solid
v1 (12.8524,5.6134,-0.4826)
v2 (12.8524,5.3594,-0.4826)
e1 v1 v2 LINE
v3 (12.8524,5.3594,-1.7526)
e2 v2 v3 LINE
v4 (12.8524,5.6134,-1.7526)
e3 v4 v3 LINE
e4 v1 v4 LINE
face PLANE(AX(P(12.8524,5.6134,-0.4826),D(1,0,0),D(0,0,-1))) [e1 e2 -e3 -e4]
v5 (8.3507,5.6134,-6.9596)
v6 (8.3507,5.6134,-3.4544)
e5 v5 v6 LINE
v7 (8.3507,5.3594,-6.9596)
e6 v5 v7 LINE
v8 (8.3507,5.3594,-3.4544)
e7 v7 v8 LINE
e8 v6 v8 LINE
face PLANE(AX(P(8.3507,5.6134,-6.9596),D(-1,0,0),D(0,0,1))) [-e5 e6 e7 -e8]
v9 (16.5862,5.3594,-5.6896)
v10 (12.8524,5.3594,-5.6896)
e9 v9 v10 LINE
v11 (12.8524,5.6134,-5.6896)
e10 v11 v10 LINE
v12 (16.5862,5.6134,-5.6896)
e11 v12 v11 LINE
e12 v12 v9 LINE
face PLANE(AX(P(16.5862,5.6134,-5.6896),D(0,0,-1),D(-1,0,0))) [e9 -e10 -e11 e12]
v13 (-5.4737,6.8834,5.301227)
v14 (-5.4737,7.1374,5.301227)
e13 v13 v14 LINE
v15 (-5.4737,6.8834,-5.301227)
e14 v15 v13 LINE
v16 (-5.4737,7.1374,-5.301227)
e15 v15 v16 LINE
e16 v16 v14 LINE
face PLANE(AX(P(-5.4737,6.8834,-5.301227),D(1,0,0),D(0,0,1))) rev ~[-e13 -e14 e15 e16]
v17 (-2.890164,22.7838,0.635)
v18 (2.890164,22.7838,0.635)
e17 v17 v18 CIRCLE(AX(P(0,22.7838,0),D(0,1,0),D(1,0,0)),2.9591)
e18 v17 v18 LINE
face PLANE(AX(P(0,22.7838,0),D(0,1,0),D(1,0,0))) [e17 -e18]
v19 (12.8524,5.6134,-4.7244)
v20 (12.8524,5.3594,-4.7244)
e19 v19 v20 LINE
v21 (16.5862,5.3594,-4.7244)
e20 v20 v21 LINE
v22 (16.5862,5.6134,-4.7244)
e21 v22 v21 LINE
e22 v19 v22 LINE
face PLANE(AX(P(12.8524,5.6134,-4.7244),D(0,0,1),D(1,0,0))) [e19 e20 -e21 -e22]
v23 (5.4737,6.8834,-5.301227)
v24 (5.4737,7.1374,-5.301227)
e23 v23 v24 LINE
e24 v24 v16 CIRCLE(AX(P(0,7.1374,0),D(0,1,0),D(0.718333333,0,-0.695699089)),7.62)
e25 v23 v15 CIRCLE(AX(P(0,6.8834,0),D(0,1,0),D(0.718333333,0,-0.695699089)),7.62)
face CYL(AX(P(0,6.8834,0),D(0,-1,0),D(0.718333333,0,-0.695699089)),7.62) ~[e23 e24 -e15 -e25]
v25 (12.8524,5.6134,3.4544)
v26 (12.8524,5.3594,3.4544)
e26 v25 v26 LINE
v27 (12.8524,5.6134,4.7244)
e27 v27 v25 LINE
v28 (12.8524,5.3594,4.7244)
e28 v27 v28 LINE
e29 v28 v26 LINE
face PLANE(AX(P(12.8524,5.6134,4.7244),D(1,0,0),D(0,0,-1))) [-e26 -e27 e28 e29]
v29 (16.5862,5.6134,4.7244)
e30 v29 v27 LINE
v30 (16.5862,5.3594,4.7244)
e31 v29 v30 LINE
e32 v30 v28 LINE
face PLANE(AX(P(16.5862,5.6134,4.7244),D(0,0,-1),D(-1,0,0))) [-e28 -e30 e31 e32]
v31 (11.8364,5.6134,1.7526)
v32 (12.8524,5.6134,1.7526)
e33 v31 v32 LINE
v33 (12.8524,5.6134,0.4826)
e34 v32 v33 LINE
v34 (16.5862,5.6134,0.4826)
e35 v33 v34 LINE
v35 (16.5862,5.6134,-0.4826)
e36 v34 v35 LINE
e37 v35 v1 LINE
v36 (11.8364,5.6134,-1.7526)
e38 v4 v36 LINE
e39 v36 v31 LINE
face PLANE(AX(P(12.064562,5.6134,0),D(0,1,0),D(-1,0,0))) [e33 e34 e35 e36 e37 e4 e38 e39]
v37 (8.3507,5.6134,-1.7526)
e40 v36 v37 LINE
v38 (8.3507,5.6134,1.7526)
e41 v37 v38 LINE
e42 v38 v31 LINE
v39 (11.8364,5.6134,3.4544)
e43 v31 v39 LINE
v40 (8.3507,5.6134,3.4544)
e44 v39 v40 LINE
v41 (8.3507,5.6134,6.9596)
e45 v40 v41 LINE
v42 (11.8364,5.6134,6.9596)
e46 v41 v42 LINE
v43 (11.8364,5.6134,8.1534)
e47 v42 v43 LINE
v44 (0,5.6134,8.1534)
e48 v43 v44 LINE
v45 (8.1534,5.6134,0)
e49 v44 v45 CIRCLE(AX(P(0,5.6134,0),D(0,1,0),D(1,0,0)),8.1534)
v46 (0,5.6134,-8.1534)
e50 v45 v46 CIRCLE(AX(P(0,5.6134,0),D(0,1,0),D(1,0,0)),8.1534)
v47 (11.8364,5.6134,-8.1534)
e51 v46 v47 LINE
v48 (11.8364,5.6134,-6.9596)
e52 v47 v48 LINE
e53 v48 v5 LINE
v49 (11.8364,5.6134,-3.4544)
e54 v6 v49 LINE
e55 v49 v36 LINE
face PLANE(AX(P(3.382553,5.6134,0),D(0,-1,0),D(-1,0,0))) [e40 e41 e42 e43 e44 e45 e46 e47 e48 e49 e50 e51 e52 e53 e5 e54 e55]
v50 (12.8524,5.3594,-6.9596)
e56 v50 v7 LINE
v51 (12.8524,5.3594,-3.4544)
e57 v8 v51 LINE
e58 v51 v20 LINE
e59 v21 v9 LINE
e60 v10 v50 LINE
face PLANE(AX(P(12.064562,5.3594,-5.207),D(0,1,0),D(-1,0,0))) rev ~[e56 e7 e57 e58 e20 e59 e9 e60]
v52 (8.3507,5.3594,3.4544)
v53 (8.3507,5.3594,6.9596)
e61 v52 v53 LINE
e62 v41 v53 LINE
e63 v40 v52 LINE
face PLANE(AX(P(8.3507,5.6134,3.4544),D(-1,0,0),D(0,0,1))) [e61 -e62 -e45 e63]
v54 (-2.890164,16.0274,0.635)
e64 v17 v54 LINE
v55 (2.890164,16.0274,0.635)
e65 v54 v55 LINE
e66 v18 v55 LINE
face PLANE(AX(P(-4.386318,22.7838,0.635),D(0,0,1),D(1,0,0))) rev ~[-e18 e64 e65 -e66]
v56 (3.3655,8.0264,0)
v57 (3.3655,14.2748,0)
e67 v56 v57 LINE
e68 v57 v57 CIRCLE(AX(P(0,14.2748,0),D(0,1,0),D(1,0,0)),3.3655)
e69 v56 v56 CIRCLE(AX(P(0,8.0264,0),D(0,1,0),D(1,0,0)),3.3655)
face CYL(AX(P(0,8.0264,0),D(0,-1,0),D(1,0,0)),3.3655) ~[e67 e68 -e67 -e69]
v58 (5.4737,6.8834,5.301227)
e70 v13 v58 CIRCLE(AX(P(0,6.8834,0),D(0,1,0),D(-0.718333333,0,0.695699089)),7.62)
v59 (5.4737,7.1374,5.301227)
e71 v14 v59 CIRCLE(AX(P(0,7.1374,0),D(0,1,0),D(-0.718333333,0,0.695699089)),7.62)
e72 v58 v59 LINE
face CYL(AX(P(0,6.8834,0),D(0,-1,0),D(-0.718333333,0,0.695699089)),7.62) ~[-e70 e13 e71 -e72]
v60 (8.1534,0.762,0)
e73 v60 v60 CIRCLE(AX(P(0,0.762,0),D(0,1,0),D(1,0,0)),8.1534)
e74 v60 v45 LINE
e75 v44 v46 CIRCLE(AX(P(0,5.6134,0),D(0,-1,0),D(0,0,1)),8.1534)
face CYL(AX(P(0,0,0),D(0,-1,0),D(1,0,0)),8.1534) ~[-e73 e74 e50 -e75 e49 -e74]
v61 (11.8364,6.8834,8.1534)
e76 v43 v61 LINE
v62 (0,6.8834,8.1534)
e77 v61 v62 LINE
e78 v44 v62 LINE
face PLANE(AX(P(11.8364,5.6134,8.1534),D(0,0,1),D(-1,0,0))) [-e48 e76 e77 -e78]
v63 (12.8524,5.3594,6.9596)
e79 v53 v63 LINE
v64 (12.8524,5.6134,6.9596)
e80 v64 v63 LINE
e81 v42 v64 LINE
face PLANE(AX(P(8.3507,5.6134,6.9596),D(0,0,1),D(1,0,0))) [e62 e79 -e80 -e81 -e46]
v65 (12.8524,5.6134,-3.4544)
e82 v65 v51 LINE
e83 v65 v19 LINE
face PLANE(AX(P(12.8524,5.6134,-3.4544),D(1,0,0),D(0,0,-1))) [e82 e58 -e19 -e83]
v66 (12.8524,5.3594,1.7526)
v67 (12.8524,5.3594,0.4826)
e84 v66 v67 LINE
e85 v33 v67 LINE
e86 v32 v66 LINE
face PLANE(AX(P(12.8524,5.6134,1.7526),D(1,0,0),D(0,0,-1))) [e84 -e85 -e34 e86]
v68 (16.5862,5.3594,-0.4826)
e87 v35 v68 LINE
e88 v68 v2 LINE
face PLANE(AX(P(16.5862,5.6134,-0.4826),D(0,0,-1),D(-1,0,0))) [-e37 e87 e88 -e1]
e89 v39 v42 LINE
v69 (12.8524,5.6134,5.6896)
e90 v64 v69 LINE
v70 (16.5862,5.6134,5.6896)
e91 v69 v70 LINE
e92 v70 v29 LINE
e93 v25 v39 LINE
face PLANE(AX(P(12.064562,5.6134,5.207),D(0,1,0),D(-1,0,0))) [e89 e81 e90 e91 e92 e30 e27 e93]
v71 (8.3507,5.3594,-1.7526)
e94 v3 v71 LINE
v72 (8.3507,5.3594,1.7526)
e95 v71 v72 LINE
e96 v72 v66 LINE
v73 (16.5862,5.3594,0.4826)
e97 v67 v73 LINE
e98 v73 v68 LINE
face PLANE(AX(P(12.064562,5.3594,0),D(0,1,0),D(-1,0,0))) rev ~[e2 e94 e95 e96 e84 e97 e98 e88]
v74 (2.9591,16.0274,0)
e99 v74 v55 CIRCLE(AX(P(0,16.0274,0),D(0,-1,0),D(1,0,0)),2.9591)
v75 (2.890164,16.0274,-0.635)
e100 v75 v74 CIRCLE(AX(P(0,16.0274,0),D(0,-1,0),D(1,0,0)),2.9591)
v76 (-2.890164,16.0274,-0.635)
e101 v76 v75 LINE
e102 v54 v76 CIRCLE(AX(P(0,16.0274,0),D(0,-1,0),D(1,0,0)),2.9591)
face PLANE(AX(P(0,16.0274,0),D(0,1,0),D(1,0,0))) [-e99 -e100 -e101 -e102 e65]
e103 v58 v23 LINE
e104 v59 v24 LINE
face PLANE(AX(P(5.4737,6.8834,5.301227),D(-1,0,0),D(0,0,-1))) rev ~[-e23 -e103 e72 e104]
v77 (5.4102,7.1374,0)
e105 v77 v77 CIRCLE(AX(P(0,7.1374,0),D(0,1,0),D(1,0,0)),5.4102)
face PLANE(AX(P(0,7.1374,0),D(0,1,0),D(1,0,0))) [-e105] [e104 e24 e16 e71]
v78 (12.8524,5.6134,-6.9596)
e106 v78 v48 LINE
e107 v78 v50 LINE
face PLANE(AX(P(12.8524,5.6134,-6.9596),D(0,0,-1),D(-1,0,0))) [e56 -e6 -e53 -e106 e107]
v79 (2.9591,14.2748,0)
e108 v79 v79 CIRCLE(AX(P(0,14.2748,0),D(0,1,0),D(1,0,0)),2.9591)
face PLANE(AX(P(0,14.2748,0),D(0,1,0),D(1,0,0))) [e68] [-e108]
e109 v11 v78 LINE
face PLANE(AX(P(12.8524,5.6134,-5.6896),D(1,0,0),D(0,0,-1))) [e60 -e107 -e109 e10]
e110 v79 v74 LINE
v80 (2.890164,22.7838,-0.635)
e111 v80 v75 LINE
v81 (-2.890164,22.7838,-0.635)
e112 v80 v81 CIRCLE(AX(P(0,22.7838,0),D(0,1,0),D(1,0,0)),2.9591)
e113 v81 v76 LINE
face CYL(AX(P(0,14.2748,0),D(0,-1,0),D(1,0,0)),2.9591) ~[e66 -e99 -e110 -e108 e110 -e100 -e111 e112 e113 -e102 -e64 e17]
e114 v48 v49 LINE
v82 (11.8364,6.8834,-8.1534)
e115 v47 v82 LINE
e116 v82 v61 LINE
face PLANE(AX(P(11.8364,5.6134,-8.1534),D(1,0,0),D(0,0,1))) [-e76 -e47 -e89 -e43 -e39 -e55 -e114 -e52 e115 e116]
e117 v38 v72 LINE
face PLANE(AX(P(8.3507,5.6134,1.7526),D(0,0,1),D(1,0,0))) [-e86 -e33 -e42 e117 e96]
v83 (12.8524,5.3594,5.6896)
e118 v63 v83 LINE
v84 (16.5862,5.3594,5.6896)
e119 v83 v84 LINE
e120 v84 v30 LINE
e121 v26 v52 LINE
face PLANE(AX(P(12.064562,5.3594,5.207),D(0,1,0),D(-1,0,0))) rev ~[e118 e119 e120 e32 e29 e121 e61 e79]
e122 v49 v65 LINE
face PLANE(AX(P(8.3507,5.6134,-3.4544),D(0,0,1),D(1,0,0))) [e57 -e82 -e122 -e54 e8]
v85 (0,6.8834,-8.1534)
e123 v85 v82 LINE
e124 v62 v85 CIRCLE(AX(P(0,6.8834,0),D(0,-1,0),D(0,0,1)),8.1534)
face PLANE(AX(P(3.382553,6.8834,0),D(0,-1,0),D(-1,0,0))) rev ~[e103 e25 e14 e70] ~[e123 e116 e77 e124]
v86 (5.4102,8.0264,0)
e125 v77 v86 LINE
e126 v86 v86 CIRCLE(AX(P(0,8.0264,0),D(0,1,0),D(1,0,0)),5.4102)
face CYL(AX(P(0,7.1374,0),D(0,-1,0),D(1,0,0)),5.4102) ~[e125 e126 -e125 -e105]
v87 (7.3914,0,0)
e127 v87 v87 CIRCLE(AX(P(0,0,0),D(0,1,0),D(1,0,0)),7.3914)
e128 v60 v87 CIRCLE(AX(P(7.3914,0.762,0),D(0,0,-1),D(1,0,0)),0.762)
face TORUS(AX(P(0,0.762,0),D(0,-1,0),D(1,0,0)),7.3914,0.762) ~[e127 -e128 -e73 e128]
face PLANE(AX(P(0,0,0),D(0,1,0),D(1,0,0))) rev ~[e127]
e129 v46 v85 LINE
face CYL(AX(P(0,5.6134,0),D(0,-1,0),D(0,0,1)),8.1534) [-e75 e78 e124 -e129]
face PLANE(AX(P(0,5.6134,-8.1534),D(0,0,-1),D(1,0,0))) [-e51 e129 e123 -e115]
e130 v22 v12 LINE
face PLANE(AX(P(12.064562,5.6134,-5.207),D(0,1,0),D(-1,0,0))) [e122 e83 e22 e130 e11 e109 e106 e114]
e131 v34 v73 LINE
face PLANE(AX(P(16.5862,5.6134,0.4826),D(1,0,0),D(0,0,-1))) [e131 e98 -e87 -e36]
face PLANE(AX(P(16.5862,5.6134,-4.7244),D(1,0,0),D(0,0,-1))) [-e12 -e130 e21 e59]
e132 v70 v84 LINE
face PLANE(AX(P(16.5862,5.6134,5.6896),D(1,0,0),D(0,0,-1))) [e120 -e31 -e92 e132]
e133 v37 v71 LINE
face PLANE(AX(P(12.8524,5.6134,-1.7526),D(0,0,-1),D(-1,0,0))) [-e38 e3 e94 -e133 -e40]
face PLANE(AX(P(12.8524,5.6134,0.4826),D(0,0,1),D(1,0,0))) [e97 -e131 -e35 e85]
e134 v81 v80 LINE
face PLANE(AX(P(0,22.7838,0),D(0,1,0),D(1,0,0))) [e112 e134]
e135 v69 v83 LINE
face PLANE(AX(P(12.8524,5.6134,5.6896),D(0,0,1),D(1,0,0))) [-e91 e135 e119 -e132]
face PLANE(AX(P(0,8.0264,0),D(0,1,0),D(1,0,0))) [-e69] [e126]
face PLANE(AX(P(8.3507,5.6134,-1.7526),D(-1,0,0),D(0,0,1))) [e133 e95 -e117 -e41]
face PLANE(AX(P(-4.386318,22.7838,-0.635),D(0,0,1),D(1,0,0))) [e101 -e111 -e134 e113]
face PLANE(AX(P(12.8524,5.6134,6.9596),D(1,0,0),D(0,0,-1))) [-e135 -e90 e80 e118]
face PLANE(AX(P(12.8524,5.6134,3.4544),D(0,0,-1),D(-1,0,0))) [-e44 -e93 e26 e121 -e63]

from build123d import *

# Parameters (mm, degrees)
SKETCH1_R           = 8.1534
BOSS_EXTRUDE1_DEPTH = 5.6134
BOSS_EXTRUDE2_DEPTH = 1.27
BOSS_EXTRUDE3_DEPTH = 0.254
SKETCH4_R           = 5.4102
BOSS_EXTRUDE4_DEPTH = 0.889
SKETCH5_R           = 3.3655
BOSS_EXTRUDE5_DEPTH = 6.2484
SKETCH6_R           = 2.9591
BOSS_EXTRUDE6_DEPTH = 8.509
SKETCH7_W           = 8.77263503
SKETCH7_H           = 1.27
CUT_EXTRUDE1_DEPTH  = 6.7564
BOSS_EXTRUDE7_DEPTH = 0.254
LPATTERN1_COUNT     = 2
LPATTERN1_PITCH     = 5.207
LPATTERN2_COUNT     = 2
LPATTERN2_PITCH     = 5.207
FILLET1_R           = 0.762


with BuildPart() as part:
    # Sketch1 → Boss-Extrude1 (new body)
    with BuildSketch(Plane(origin=(0, 0, 0), x_dir=(1, 0, 0), z_dir=(0, 1, 0))):
        Circle(SKETCH1_R)
    extrude(amount=BOSS_EXTRUDE1_DEPTH)

    # Sketch2 → Boss-Extrude2 (add)
    with BuildSketch(Plane(origin=(0, 5.6134, 0), x_dir=(1, 0, 0), z_dir=(0, 1, 0))):
        with BuildLine():
            Line((0, 8.1534), (11.8364, 8.1534))
            Line((11.8364, 8.1534), (11.8364, -8.1534))
            Line((11.8364, -8.1534), (0, -8.1534))
            ThreePointArc((0, -8.1534), (-8.1534, 0), (0, 8.1534))
        make_face()
    extrude(amount=BOSS_EXTRUDE2_DEPTH)

    # Sketch3 → Boss-Extrude3 (add)
    with BuildSketch(Plane(origin=(0, 6.8834, 0), x_dir=(1, 0, 0), z_dir=(0, 1, 0))):
        with BuildLine():
            Line((-5.4737, 5.301227057), (-5.4737, -5.301227057))
            ThreePointArc((-5.4737, -5.301227057), (0, -7.62), (5.4737, -5.301227057))
            Line((5.4737, -5.301227057), (5.4737, 5.301227057))
            ThreePointArc((5.4737, 5.301227057), (0, 7.62), (-5.4737, 5.301227057))
        make_face()
    extrude(amount=BOSS_EXTRUDE3_DEPTH)

    # Sketch4 → Boss-Extrude4 (add)
    with BuildSketch(Plane(origin=(0, 7.1374, 0), x_dir=(1, 0, 0), z_dir=(0, 1, 0))):
        Circle(SKETCH4_R)
    extrude(amount=BOSS_EXTRUDE4_DEPTH)

    # Sketch5 → Boss-Extrude5 (add)
    with BuildSketch(Plane(origin=(0, 8.0264, 0), x_dir=(1, 0, 0), z_dir=(0, 1, 0))):
        Circle(SKETCH5_R)
    extrude(amount=BOSS_EXTRUDE5_DEPTH)

    # Sketch6 → Boss-Extrude6 (add)
    with BuildSketch(Plane(origin=(0, 14.2748, 0), x_dir=(1, 0, 0), z_dir=(0, 1, 0))):
        Circle(SKETCH6_R)
    extrude(amount=BOSS_EXTRUDE6_DEPTH)

    # Sketch7 → Cut-Extrude1 (cut)
    with BuildSketch(Plane(origin=(0, 22.7838, 0), x_dir=(1, 0, 0), z_dir=(0, 1, 0))):
        Rectangle(SKETCH7_W, SKETCH7_H)
    extrude(amount=-CUT_EXTRUDE1_DEPTH, mode=Mode.SUBTRACT)

    # Sketch8 → Boss-Extrude7 (add)
    with BuildSketch(Plane.XZ.offset(-5.6134)):
        Polygon((8.350699667, 1.7526), (12.8524, 1.7526), (12.8524, 0.4826), (16.5862, 0.4826), (16.5862, -0.4826), (12.8524, -0.4826), (12.8524, -1.7526), (8.350699667, -1.7526), align=None)
    boss_extrude7 = extrude(amount=BOSS_EXTRUDE7_DEPTH)

    # LPattern1: Boss-Extrude7 ×2
    with Locations(*[(0, 0, -i * LPATTERN1_PITCH) for i in range(1, LPATTERN1_COUNT)]):
        add(boss_extrude7)

    # LPattern2: Boss-Extrude7 ×2
    with Locations(*[(0, 0, i * LPATTERN2_PITCH) for i in range(1, LPATTERN2_COUNT)]):
        add(boss_extrude7)

    # Fillet1
    fillet1_edges = [part.edges().sort_by_distance(p)[0] for p in [
        (-8.1534, 0, 0),
    ]]
    fillet(fillet1_edges, radius=FILLET1_R)


solid = part.part
